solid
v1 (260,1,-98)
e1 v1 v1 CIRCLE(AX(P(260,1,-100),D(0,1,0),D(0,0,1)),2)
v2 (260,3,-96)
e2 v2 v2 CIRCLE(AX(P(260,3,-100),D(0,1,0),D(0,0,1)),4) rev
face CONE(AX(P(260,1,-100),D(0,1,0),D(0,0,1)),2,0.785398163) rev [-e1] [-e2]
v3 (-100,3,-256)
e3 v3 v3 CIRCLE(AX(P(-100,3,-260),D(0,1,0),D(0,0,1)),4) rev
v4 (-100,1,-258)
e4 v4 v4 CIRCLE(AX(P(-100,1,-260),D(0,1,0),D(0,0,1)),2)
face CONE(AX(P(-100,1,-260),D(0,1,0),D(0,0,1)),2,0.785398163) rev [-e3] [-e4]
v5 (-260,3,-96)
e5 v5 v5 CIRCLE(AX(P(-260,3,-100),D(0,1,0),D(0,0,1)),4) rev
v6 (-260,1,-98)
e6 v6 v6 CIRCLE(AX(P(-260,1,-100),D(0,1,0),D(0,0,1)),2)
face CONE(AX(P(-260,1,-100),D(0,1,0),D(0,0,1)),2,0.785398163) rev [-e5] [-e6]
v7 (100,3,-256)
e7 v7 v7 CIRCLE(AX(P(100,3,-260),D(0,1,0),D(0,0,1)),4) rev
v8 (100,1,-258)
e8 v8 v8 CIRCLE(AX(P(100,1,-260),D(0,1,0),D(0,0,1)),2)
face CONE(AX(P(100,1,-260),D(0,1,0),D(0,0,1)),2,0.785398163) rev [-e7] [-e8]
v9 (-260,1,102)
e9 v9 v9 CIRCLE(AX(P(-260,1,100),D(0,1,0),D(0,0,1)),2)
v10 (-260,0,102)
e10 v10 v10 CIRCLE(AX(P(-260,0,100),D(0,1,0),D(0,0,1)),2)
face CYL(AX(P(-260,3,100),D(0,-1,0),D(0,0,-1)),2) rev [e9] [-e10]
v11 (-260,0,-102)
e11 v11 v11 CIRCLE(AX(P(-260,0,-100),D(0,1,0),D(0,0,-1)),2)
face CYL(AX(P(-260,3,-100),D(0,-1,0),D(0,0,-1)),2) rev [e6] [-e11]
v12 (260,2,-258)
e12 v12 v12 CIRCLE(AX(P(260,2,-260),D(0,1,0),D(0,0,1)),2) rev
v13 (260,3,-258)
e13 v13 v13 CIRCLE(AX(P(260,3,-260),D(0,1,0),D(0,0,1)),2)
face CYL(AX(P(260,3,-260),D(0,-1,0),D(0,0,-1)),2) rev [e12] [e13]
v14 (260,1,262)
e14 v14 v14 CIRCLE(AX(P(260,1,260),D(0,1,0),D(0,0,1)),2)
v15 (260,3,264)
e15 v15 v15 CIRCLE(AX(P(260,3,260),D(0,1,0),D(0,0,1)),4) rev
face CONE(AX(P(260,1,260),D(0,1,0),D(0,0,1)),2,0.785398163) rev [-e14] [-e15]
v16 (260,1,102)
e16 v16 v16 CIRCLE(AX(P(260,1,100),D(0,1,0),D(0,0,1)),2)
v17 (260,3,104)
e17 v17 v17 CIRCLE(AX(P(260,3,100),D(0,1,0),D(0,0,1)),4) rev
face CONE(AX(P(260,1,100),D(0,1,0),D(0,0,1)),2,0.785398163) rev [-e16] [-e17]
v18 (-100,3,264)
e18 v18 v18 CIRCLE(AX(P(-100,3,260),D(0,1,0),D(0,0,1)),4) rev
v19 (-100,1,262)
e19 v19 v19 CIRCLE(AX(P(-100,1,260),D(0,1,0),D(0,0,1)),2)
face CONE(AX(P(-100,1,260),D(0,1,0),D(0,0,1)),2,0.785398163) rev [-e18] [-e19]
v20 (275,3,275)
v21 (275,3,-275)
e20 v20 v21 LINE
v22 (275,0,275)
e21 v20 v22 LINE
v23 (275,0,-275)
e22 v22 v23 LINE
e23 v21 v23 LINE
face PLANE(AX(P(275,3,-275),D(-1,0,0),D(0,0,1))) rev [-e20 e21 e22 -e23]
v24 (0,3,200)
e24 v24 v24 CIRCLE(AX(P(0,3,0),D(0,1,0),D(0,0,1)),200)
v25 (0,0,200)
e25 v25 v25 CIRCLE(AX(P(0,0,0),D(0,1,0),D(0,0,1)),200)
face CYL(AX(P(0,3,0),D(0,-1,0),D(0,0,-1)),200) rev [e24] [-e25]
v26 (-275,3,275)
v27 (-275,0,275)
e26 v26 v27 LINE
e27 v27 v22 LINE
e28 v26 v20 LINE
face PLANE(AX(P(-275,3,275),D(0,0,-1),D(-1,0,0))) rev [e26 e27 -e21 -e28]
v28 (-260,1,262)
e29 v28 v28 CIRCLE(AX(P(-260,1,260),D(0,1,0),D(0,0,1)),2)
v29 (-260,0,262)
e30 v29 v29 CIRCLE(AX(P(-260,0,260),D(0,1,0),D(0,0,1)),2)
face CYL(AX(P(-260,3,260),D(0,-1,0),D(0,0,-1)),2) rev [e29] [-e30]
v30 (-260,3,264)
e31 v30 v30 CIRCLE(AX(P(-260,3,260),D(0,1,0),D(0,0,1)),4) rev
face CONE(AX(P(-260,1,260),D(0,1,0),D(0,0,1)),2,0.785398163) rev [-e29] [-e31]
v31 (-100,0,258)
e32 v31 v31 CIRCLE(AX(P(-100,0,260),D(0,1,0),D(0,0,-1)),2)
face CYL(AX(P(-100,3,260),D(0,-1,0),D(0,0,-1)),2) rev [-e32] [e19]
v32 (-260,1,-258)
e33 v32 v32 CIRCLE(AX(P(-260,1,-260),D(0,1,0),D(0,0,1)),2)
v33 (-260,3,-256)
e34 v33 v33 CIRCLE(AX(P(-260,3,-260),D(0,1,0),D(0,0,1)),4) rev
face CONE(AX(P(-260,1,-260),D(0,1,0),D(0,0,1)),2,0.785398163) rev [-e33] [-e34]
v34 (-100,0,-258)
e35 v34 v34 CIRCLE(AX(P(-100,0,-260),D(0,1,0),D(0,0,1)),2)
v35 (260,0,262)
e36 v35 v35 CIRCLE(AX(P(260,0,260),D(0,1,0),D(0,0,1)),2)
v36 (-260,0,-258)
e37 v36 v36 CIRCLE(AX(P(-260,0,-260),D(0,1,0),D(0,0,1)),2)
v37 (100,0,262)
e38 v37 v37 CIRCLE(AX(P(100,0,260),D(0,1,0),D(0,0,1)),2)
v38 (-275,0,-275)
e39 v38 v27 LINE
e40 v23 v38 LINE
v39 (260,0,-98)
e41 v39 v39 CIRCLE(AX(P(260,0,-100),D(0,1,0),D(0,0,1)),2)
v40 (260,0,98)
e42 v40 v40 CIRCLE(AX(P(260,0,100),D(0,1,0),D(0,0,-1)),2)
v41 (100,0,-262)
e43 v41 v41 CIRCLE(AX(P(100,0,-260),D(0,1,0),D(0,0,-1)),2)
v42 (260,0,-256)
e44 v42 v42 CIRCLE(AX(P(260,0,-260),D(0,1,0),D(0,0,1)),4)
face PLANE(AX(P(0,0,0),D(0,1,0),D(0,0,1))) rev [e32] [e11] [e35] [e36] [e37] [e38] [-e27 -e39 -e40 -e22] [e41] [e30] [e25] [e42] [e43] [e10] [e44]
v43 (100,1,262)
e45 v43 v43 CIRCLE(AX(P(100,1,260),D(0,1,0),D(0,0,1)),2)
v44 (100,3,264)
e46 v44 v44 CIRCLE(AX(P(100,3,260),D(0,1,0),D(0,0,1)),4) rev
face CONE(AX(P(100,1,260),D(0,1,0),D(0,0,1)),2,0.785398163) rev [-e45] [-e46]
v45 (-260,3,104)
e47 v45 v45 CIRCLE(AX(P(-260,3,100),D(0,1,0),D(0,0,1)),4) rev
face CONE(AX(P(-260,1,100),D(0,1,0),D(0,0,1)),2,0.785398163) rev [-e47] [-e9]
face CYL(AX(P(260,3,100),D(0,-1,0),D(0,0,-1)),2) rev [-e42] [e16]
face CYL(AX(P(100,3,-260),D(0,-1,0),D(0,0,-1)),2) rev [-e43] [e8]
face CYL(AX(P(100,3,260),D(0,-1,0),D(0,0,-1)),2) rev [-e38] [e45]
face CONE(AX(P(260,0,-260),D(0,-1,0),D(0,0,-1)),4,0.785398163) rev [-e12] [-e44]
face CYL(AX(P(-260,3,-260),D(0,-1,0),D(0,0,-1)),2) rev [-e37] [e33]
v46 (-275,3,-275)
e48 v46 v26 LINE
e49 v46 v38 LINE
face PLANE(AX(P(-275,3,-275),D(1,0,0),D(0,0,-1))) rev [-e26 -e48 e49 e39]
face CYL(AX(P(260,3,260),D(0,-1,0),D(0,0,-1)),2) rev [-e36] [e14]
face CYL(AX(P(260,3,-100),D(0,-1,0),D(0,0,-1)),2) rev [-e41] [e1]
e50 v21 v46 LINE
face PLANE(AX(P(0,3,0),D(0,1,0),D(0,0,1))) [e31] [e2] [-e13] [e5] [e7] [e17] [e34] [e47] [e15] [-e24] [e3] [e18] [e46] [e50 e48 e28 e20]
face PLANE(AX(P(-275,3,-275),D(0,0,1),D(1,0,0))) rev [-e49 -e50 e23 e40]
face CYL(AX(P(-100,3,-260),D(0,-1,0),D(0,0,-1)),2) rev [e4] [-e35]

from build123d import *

# Parameters (mm, degrees)
SKETCH_1_W          = 550
SKETCH_1_H          = 550
SKETCH_1_R          = 200
EXTRUDE_1_DEPTH     = 3
SKETCH_2_R          = 2
CUT_EXTRUDE_1_DEPTH = 389.920300319
CHAMFER_1_SIZE      = 2


with BuildPart() as part:
    # 草图1 → 凸台-拉伸1 (new body)
    with BuildSketch(Plane(origin=(0, 0, 0), x_dir=(1, 0, 0), z_dir=(0, 1, 0))):
        Rectangle(SKETCH_1_W, SKETCH_1_H)
        with Locations(Location((0, 0, 0), (0, 0, 270))):
            Circle(SKETCH_1_R, mode=Mode.SUBTRACT)
    extrude(amount=EXTRUDE_1_DEPTH)

    # 草图2 → 切除-拉伸1 (cut, through all)
    with BuildSketch(Plane(origin=(0, 0, 0), x_dir=(1, 0, 0), z_dir=(0, 1, 0))):
        with Locations(Location((-260, 260, 0), (0, 0, 270))):
            Circle(SKETCH_2_R)
        with Locations(Location((-100, 260, 0), (0, 0, 270))):
            Circle(SKETCH_2_R)
        with Locations(Location((100, 260, 0), (0, 0, 90))):
            Circle(SKETCH_2_R)
        with Locations(Location((260, -100, 0), (0, 0, 90))):
            Circle(SKETCH_2_R)
        with Locations(Location((260, 100, 0), (0, 0, 270))):
            Circle(SKETCH_2_R)
        with Locations(Location((260, 260, 0), (0, 0, 270))):
            Circle(SKETCH_2_R)
        with Locations(Location((-100, -260, 0), (0, 0, 90))):
            Circle(SKETCH_2_R)
        with Locations(Location((100, -260, 0), (0, 0, 270))):
            Circle(SKETCH_2_R)
        with Locations(Location((260, -260, 0), (0, 0, 270))):
            Circle(SKETCH_2_R)
        with Locations(Location((-260, 100, 0), (0, 0, 90))):
            Circle(SKETCH_2_R)
        with Locations(Location((-260, -100, 0), (0, 0, 270))):
            Circle(SKETCH_2_R)
        with Locations(Location((-260, -260, 0), (0, 0, 270))):
            Circle(SKETCH_2_R)
    extrude(amount=CUT_EXTRUDE_1_DEPTH, mode=Mode.SUBTRACT)

    # 倒角1
    chamfer_1_edges = [part.edges().sort_by_distance(p)[0] for p in [
        (-260, 3, -98),
        (-260, 3, 98),
        (-260, 3, 258),
        (-100, 3, 262),
        (100, 3, 258),
        (260, 3, 258),
        (260, 3, 102),
        (260, 3, -102),
        (260, 0, -262),
        (100, 3, -258),
        (-100, 3, -262),
        (-260, 3, -262),
    ]]
    chamfer(chamfer_1_edges, length=CHAMFER_1_SIZE)


solid = part.part
